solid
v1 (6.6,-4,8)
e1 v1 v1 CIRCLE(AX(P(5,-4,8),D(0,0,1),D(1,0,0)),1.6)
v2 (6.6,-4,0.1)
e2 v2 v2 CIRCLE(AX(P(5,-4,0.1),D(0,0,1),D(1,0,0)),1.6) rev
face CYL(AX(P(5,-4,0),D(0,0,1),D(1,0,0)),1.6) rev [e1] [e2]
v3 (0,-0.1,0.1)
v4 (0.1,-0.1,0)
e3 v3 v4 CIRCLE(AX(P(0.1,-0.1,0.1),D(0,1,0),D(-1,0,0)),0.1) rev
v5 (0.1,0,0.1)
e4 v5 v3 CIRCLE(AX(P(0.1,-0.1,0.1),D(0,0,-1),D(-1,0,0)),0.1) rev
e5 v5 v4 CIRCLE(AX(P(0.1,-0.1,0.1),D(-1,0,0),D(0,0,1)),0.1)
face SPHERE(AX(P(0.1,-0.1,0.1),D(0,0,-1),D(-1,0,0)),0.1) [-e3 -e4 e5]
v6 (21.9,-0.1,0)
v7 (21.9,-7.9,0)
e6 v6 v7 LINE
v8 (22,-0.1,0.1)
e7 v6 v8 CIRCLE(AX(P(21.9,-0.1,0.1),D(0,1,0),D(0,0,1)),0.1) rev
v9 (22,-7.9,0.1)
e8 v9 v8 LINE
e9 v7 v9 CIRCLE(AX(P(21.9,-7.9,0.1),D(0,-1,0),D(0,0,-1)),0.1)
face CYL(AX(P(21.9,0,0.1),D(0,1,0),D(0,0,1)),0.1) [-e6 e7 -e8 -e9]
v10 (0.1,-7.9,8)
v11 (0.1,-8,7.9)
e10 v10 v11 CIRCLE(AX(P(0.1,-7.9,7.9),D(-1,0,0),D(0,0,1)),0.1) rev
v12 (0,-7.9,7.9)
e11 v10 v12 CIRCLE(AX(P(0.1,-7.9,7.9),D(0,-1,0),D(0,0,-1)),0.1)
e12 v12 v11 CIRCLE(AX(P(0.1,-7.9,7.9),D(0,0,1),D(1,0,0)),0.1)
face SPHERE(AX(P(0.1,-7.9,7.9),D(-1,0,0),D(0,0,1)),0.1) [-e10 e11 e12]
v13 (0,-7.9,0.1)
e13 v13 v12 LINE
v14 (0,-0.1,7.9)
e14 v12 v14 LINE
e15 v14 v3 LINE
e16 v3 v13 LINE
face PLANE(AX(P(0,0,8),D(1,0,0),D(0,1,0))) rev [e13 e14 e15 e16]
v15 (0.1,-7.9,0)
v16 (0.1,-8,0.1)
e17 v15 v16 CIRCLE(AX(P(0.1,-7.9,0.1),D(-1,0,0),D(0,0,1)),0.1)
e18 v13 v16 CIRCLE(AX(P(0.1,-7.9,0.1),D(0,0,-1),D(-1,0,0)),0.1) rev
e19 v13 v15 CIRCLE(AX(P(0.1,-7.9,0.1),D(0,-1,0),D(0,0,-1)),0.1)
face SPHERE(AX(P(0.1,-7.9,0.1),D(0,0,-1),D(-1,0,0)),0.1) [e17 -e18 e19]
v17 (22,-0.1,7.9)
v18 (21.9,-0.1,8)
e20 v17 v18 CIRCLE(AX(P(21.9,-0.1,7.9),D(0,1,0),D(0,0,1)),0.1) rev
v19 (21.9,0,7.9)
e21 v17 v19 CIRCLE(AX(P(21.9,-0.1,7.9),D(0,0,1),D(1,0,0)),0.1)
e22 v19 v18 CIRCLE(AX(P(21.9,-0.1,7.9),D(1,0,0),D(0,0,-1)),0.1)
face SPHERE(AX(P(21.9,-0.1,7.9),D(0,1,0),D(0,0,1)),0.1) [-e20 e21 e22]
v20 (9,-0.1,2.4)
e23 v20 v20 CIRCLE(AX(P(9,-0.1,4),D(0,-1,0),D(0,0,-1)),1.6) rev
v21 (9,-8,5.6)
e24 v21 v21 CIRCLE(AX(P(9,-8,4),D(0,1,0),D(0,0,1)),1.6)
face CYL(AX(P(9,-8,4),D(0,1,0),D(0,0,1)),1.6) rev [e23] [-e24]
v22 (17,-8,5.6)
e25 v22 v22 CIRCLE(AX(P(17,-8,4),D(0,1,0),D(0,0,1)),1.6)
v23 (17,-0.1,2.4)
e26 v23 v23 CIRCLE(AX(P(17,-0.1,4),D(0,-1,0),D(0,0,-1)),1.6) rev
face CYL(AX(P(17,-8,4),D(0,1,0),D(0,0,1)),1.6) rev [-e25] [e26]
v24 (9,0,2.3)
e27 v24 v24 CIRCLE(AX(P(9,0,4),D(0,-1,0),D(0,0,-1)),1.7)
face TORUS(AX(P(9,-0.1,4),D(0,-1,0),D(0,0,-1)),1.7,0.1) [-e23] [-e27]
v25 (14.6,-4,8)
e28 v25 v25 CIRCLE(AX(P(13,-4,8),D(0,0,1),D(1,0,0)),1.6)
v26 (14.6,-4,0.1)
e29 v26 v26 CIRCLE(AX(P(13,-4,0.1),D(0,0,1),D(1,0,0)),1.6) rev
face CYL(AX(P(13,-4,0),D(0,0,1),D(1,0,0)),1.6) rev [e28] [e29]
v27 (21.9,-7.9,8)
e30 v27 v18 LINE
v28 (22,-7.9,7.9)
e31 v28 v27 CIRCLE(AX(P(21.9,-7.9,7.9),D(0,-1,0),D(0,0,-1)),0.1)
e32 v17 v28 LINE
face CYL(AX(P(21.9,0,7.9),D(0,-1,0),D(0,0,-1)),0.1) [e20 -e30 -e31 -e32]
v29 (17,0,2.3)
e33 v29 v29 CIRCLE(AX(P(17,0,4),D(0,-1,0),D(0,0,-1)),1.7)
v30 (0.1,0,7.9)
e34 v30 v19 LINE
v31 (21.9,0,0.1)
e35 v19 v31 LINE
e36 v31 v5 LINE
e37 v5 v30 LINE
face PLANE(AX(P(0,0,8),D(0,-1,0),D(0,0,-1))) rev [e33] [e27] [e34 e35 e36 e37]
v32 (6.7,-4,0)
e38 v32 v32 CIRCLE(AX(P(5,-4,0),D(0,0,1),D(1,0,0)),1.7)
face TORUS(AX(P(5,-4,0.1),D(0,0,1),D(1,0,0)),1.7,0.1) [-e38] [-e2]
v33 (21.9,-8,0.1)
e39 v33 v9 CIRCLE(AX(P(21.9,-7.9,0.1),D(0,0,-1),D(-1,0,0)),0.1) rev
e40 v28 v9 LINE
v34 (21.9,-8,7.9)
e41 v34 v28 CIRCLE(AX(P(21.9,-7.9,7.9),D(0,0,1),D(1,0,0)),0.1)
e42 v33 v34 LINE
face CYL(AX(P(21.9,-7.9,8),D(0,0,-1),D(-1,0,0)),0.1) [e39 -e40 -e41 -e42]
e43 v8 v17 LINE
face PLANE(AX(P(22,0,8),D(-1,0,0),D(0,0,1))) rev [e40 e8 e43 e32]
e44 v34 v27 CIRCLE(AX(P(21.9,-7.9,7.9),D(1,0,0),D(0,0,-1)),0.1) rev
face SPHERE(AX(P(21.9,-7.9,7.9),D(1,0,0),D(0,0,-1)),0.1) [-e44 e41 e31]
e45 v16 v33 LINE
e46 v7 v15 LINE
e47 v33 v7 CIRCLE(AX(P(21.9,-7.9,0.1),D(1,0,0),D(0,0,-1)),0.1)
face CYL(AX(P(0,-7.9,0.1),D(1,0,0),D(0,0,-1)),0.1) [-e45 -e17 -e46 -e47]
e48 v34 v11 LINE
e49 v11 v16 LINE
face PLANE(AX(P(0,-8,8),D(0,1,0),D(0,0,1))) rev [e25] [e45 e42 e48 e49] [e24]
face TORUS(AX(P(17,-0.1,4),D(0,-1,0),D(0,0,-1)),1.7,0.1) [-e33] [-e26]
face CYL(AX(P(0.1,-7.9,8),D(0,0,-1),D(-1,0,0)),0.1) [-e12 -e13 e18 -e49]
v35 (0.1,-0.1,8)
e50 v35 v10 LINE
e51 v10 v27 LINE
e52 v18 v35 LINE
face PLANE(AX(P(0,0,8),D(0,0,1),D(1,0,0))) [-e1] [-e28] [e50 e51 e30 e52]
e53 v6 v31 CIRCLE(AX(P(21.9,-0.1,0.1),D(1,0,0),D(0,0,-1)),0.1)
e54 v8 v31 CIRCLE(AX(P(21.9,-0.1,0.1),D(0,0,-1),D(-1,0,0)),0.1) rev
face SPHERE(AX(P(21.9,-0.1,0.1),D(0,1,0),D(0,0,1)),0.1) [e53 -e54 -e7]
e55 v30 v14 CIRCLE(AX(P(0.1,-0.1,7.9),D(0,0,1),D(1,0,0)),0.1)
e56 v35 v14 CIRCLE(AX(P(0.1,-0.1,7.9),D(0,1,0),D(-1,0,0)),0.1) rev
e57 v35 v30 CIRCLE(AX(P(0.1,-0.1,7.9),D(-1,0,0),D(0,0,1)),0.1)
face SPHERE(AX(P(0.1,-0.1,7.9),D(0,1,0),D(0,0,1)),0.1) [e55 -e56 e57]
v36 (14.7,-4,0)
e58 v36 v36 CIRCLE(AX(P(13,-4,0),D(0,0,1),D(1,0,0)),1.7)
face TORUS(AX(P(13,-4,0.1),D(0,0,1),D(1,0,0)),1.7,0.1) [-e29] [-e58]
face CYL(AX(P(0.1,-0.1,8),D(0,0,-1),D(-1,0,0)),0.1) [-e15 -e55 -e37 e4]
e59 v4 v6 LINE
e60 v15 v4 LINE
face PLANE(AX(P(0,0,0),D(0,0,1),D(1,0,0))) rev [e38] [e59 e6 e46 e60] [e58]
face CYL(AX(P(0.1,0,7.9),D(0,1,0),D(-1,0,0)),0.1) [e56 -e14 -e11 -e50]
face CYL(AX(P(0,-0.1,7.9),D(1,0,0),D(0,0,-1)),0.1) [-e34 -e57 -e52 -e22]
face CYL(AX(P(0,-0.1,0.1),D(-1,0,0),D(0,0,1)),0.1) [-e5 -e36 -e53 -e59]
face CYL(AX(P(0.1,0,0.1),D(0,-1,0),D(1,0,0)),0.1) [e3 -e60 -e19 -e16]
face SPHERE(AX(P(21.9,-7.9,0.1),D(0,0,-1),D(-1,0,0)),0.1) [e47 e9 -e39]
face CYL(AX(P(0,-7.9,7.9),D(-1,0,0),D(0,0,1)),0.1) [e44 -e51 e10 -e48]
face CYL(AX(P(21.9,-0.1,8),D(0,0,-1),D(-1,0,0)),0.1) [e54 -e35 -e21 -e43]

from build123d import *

# Parameters (mm, degrees)
SKETCH_1_W          = 22
SKETCH_1_H          = 8
EXTRUDE_1_DEPTH     = 8
SKETCH_2_R          = 1.6
CUT_EXTRUDE_1_DEPTH = 25.738633754
SKETCH_3_R          = 1.6
CUT_EXTRUDE_2_DEPTH = 25.738633754
FILLET_1_R          = 0.1


with BuildPart() as part:
    # 草图1 → 凸台-拉伸1 (new body)
    with BuildSketch(Plane.XY):
        with Locations((11, -4)):
            Rectangle(SKETCH_1_W, SKETCH_1_H)
    extrude(amount=EXTRUDE_1_DEPTH)

    # 草图2 → 切除-拉伸1 (cut, through all)
    with BuildSketch(Plane.XY.offset(8)):
        with Locations((5, -4)):
            Circle(SKETCH_2_R)
        with Locations((13, -4)):
            Circle(SKETCH_2_R)
    extrude(amount=-CUT_EXTRUDE_1_DEPTH, mode=Mode.SUBTRACT)

    # 草图3 → 切除-拉伸2 (cut, through all)
    with BuildSketch(Plane(origin=(0, 0, 0), x_dir=(1, 0, 0), z_dir=(0, 1, 0))):
        with Locations(Location((17, -4, 0), (0, 0, 270))):
            Circle(SKETCH_3_R)
        with Locations(Location((9, -4, 0), (0, 0, 270))):
            Circle(SKETCH_3_R)
    extrude(amount=-CUT_EXTRUDE_2_DEPTH, mode=Mode.SUBTRACT)

    # 圆角1
    fillet_1_edges = [part.edges().sort_by_distance(p)[0] for p in [
        (22, -4, 8),
        (11, 0, 8),
        (3.4, -4, 0),
        (11.4, -4, 0),
        (17, 0, 2.4),
        (9, 0, 2.4),
        (0, -4, 8),
        (11, 0, 0),
        (22, -4, 0),
        (11, -8, 0),
        (0, -4, 0),
        (0, 0, 4),
        (22, 0, 4),
        (22, -8, 4),
        (0, -8, 4),
        (11, -8, 8),
    ]]
    fillet(fillet_1_edges, radius=FILLET_1_R)


solid = part.part
